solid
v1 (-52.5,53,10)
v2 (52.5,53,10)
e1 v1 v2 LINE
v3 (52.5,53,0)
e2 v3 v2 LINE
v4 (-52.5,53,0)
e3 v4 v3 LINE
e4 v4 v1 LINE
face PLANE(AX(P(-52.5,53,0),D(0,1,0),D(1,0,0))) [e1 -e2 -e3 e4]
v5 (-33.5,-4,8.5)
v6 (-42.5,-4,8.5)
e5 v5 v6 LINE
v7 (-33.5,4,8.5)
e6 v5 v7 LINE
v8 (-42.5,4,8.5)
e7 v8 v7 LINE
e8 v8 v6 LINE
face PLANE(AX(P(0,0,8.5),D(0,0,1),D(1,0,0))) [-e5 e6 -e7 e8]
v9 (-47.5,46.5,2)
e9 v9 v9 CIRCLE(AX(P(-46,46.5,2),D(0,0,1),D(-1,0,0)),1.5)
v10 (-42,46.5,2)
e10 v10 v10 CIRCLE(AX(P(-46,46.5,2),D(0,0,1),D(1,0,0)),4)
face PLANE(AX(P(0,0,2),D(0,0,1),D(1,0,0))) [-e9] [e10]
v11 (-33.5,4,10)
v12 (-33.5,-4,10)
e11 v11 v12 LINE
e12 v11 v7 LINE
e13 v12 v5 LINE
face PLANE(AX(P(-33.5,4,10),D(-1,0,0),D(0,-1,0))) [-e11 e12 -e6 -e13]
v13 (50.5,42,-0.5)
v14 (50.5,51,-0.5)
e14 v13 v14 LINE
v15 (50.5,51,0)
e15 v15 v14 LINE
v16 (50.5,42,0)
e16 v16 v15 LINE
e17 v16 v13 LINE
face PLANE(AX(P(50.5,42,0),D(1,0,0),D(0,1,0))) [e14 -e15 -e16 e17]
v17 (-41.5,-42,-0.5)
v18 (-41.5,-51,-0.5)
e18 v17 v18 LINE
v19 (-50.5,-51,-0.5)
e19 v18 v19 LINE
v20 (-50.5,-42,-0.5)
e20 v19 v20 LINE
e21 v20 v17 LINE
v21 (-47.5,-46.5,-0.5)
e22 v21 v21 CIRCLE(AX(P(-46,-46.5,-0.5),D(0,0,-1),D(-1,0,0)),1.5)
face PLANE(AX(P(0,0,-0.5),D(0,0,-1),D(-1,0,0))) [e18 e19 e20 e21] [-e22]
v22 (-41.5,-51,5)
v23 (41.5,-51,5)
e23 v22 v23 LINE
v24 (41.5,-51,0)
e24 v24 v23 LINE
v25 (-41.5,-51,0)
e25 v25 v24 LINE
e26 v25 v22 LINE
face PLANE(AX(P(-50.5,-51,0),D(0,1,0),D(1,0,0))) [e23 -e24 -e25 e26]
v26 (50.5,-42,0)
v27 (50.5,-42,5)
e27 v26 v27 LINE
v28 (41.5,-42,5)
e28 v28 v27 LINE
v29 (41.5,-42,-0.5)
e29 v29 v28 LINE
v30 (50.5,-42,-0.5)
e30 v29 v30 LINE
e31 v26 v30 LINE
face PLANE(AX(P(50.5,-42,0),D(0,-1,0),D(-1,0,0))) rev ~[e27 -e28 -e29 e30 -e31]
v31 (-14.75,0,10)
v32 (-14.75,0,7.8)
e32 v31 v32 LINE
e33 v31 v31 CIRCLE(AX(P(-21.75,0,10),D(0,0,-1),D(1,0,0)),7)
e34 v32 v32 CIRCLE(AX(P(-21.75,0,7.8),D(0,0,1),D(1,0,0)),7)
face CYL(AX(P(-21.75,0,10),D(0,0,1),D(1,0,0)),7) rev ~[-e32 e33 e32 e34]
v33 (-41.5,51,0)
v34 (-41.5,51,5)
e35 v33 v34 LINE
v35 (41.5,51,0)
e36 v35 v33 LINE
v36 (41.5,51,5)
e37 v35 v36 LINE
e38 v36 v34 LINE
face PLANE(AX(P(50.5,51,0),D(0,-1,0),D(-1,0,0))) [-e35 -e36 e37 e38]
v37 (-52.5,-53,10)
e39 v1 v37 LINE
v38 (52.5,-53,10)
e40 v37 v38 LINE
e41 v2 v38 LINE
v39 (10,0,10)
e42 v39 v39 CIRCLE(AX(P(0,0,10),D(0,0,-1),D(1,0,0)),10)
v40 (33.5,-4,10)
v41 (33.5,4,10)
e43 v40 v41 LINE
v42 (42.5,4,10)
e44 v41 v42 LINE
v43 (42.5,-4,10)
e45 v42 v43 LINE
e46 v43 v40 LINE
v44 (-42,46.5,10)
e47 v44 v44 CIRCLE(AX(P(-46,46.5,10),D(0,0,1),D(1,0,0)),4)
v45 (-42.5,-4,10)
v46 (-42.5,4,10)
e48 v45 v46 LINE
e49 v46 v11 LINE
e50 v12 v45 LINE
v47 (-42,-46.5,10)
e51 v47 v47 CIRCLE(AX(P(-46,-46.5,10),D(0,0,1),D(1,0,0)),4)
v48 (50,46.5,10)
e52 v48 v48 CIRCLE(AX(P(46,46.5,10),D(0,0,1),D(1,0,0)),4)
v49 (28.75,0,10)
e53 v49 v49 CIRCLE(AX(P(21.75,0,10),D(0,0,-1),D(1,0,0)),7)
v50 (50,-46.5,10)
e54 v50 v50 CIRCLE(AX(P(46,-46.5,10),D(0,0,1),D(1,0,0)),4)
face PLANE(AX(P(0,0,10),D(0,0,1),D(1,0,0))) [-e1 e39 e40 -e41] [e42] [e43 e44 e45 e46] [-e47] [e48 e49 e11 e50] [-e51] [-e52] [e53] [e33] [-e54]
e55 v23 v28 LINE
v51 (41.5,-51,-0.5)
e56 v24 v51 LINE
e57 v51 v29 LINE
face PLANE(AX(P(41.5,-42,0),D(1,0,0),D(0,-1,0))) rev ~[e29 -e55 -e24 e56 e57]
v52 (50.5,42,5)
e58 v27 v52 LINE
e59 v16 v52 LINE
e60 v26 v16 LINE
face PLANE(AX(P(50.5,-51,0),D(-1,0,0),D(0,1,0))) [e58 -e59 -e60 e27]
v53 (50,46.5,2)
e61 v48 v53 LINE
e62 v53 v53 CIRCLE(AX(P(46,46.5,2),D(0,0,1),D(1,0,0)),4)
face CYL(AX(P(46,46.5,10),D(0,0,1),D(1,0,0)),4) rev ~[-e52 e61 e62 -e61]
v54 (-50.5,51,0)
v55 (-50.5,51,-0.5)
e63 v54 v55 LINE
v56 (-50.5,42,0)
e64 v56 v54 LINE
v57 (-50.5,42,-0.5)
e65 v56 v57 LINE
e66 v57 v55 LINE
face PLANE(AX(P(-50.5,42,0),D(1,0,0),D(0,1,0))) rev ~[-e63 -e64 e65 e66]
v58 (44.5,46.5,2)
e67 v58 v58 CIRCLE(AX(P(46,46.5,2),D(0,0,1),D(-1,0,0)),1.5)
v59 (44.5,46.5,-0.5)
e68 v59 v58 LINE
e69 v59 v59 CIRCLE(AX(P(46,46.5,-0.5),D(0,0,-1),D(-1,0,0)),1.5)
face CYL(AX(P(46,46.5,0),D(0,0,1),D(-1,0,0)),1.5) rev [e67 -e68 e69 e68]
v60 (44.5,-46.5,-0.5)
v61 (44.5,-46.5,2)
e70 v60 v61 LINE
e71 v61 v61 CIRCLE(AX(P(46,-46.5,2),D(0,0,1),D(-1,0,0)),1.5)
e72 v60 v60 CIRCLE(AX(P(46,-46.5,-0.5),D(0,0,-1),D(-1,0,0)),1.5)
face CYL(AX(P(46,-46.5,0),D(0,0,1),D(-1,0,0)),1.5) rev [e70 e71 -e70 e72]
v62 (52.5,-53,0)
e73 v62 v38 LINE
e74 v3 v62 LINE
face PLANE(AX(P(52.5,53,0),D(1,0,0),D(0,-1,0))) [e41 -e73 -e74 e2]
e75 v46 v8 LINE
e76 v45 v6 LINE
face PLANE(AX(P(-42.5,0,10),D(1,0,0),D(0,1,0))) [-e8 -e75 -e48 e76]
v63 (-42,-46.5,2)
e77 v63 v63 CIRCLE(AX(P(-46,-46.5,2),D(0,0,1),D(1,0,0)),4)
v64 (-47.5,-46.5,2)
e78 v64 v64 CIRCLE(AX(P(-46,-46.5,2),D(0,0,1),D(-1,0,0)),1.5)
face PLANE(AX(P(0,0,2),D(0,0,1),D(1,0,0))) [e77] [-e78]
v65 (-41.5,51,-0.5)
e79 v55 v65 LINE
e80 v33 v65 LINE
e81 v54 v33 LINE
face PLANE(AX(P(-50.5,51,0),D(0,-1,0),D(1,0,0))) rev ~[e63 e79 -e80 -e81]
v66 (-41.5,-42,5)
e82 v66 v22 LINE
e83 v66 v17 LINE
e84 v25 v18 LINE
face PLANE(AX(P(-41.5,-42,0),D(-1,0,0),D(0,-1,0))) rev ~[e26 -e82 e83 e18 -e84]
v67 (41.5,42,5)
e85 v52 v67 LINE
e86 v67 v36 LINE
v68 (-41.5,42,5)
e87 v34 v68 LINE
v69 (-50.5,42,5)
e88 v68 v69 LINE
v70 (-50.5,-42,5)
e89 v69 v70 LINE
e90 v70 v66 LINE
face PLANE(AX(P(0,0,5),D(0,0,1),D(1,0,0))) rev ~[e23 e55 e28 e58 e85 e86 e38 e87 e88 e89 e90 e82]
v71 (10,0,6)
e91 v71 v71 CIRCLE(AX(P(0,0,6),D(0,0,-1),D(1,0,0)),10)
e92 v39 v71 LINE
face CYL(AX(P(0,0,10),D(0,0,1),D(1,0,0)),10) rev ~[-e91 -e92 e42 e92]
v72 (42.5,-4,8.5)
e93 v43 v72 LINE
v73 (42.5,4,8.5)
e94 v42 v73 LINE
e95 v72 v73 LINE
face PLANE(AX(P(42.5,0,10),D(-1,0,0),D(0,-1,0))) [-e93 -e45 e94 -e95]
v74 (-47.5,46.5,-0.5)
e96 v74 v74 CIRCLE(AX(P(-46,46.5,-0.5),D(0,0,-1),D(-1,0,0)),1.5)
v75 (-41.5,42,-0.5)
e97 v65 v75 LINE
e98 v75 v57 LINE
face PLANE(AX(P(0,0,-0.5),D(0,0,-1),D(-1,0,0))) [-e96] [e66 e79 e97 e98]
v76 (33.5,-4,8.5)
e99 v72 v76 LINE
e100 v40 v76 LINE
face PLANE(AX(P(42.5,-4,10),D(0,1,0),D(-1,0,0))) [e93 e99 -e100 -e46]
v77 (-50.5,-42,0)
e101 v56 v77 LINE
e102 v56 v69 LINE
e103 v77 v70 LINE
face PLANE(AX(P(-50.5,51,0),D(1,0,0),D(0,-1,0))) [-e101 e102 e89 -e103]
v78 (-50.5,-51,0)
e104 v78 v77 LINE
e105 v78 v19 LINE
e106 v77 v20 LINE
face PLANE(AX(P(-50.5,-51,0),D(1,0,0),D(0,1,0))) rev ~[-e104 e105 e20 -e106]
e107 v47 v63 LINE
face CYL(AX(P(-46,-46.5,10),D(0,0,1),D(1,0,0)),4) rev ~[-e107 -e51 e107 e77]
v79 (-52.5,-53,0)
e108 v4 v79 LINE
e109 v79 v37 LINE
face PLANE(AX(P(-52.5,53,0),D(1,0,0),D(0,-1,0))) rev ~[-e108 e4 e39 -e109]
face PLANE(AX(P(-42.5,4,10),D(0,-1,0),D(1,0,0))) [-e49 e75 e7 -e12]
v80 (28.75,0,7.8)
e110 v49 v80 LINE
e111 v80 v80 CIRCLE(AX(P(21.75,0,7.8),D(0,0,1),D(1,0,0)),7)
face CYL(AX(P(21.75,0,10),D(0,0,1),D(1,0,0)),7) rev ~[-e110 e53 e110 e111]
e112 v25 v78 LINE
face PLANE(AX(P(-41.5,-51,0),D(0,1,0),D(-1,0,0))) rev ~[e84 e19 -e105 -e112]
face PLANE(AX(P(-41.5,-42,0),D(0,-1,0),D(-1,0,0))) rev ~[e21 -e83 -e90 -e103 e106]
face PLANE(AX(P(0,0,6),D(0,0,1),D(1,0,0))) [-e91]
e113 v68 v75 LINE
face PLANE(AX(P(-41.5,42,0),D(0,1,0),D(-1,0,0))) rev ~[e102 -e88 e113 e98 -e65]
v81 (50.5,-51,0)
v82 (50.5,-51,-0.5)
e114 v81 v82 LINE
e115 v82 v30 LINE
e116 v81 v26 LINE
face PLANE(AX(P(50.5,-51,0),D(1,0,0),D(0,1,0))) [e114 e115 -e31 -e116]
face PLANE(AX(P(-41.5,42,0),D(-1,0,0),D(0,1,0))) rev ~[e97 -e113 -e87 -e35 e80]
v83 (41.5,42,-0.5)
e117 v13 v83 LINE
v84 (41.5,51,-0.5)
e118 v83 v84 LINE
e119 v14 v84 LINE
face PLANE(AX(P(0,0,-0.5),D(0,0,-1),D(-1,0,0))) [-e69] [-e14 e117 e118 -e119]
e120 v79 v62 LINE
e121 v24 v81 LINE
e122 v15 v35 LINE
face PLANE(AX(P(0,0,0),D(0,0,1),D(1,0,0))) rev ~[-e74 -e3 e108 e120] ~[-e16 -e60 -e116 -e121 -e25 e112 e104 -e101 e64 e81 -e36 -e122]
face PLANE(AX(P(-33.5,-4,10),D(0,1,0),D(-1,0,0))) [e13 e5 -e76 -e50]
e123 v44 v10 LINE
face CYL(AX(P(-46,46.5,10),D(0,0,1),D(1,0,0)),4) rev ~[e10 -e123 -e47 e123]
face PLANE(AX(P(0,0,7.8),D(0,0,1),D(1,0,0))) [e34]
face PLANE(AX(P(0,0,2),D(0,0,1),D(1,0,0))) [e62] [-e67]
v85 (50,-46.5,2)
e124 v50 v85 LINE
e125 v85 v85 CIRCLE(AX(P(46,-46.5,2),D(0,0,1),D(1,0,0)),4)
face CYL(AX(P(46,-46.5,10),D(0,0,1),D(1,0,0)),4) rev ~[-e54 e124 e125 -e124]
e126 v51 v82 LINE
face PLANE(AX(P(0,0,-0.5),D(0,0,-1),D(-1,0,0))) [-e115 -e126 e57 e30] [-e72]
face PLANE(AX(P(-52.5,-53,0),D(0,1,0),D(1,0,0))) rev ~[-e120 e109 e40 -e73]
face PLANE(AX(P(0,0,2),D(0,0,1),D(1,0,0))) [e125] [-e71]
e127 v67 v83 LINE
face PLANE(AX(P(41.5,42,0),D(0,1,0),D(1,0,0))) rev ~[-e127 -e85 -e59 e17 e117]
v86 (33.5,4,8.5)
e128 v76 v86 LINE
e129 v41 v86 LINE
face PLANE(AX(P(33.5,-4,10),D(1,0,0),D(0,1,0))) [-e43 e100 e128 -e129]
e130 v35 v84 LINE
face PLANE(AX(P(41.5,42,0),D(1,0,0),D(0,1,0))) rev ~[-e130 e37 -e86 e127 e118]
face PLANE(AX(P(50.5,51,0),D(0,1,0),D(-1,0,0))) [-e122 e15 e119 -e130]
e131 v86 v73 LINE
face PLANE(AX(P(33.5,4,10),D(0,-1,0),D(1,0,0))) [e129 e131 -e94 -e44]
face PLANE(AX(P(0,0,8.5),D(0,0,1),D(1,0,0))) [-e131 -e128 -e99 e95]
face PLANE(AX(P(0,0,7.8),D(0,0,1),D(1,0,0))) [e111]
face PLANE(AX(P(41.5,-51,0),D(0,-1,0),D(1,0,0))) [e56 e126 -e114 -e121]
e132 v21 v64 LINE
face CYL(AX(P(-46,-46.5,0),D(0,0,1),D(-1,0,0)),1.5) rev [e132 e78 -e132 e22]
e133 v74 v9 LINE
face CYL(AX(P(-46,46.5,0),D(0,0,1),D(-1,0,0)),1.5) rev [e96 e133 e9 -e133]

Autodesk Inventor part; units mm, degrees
ref_plane "YZ Plane" through (0, 0, 0) normal (1, 0, 0) x (0, 1, 0)
ref_plane "XZ Plane" through (0, 0, 0) normal (0, 1, 0) x (-1, 0, 0)
ref_plane "XY Plane" through (0, 0, 0) normal (0, 0, 1) x (1, 0, 0)
sketch "Sketch1" plane through (0, 0, 0) normal (0, 0, 1) x (1, 0, 0)
  line L0 (52.5, 53) -> (52.5, -53) projected
  line L1 (-52.5, 53) -> (52.5, 53) projected
  line L2 (52.5, 53) -> (-52.5, 53)
  line L3 (-52.5, 53) -> (-52.5, -53)
  line L4 (-52.5, -53) -> (52.5, -53)
  line L5 (52.5, -53) -> (52.5, 53)
  line L6 (50.5, -51) -> (50.5, 51) projected
  line L7 (50.5, 51) -> (-50.5, 51) projected
  line L8 (50.5, 51) -> (-50.5, 51)
  line L9 (-50.5, 51) -> (-50.5, -51)
  line L10 (-50.5, -51) -> (50.5, -51)
  line L11 (50.5, -51) -> (50.5, 51)
  point P0 (0, 0)
extrude "Extrusion1" add sketch "Sketch1" along normal blind 10
sketch "Sketch2" plane through (0, 0, 0) normal (0, 0, -1) x (-1, 0, 0)
  circle A0 centre (-46, 46.5) radius 1.5 projected
  line L0 (-50.5, 51) -> (-50.5, 42) projected
  line L1 (-41.5, 51) -> (-50.5, 51) projected
  line L2 (-41.5, 51) -> (-41.5, 42) projected
  line L3 (-41.5, 42) -> (-50.5, 42) projected
  circle A1 centre (-46, -46.5) radius 1.5 projected
  line L4 (-41.5, -42) -> (-41.5, -51) projected
  line L5 (-50.5, -51) -> (-41.5, -51) projected
  line L6 (-50.5, -42) -> (-50.5, -51) projected
  line L7 (-50.5, -42) -> (-41.5, -42) projected
  circle A2 centre (46, -46.5) radius 1.5 projected
  line L8 (50.5, -51) -> (50.5, -42) projected
  line L9 (41.5, -51) -> (50.5, -51) projected
  line L10 (41.5, -51) -> (41.5, -42) projected
  line L11 (41.5, -42) -> (50.5, -42) projected
  circle A3 centre (46, 46.5) radius 1.5 projected
  line L12 (41.5, 42) -> (41.5, 51) projected
  line L13 (50.5, 51) -> (41.5, 51) projected
  line L14 (50.5, 42) -> (50.5, 51) projected
  line L15 (50.5, 42) -> (41.5, 42) projected
  point P0 (0, 0)
extrude "Extrusion2" add sketch "Sketch2" against normal blind 10
sketch "Sketch3" plane through (0, 0, 10) normal (0, 0, 1) x (1, 0, 0)
  line L0 (43.467, -7.68) -> (39.533, -7.68) projected
  line L1 (39.533, -7.68) -> (39.533, -6.68) projected
  line L2 (39.533, -6.68) -> (43.467, -6.68) projected
  line L3 (43.467, -6.68) -> (43.467, -7.68) projected
  line L4 (41.5, 42) -> (41.5, 51) projected
  line L5 (41.5, 51) -> (-41.5, 51) projected
  line L6 (-41.5, 51) -> (-41.5, 42) projected
  line L7 (-41.5, 42) -> (-50.5, 42) projected
  line L8 (-50.5, 42) -> (-50.5, -42) projected
  line L9 (-50.5, -42) -> (-41.5, -42) projected
  line L10 (-41.5, -42) -> (-41.5, -51) projected
  line L11 (-41.5, -51) -> (41.5, -51) projected
  line L12 (41.5, -51) -> (41.5, -42) projected
  line L13 (41.5, -42) -> (50.5, -42) projected
  line L14 (50.5, -42) -> (50.5, 42) projected
  line L15 (50.5, 42) -> (41.5, 42) projected
  line L16 (43.467, -7.68) -> (39.533, -7.68) projected
  line L17 (39.533, -7.68) -> (39.533, -6.68) projected
  line L18 (39.533, -6.68) -> (43.467, -6.68) projected
  line L19 (43.467, -6.68) -> (43.467, -7.68) projected
  line L20 (41.5, 42) -> (41.5, 51) projected
  line L21 (41.5, 51) -> (-41.5, 51) projected
  line L22 (-41.5, 51) -> (-41.5, 42) projected
  line L23 (-41.5, 42) -> (-50.5, 42) projected
  line L24 (-50.5, 42) -> (-50.5, -42) projected
  line L25 (-50.5, -42) -> (-41.5, -42) projected
  line L26 (-41.5, -42) -> (-41.5, -51) projected
  line L27 (-41.5, -51) -> (41.5, -51) projected
  line L28 (41.5, -51) -> (41.5, -42) projected
  line L29 (41.5, -42) -> (50.5, -42) projected
  line L30 (50.5, -42) -> (50.5, 42) projected
  line L31 (50.5, 42) -> (41.5, 42) projected
  circle A0 centre (44.2752, 10.8885) radius 1.8923 projected
  circle A1 centre (-22.2674, 46.7091) radius 1.9651 projected
  line L32 (38.467, -7.68) -> (34.533, -7.68) projected
  line L33 (34.533, -7.68) -> (34.533, -6.68) projected
  line L34 (34.533, -6.68) -> (38.467, -6.68) projected
  line L35 (38.467, -6.68) -> (38.467, -7.68) projected
  circle A2 centre (-36.634, 10.3057) radius 1.9118 projected
  circle A3 centre (44.2752, 10.8885) radius 1.8923 projected
  circle A4 centre (-22.2674, 46.7091) radius 1.9651 projected
  line L36 (38.467, -7.68) -> (34.533, -7.68) projected
  line L37 (34.533, -7.68) -> (34.533, -6.68) projected
  line L38 (34.533, -6.68) -> (38.467, -6.68) projected
  line L39 (38.467, -6.68) -> (38.467, -7.68) projected
  circle A5 centre (-36.634, 10.3057) radius 1.9118 projected
  point P0 (0, 0)
extrude "Extrusion3" add sketch "Sketch3" against normal blind 5 contours L0 L1 L2 L3 | L15 L14 L13 L12 L11 L10 L9 L8 L7 L6 L5 L4 | A0 | A1 | L32 L33 L34 L35 | A2
sketch "Sketch4" plane through (0, 0, 10) normal (0, 0, 1) x (1, 0, 0)
  circle A0 centre (46, 46.5) radius 1.5 projected
  circle A1 centre (46, -46.5) radius 1.5 projected
  circle A2 centre (-46, -46.5) radius 1.5 projected
  circle A3 centre (-46, 46.5) radius 1.5 projected
  circle A4 centre (46, 46.5) radius 4
  circle A5 centre (46, -46.5) radius 4
  circle A6 centre (-46, -46.5) radius 4
  circle A7 centre (-46, 46.5) radius 4
  point P0 (0, 0)
  dimension "d6" = 8
  dimension "d7" = 8
  dimension "d8" = 8
  dimension "d9" = 8
extrude "Extrusion4" cut sketch "Sketch4" against normal blind 8
sketch "Sketch5" plane through (0, 0, 10) normal (0, 0, 1) x (1, 0, 0)
  line L0 (-52.5, -53) -> (52.5, -53) projected
  line L1 (52.5, -53) -> (52.5, 53) projected
  line L2 (-52.5, -53) -> (52.5, -53)
  line L3 (52.5, -53) -> (52.5, 53)
  line L4 (52.5, 53) -> (-52.5, 53)
  line L5 (-52.5, 53) -> (-52.5, -53)
  line L6 (-52.5, 53) -> (-52.5, 0)
  circle A0 centre (0, 0) radius 10
  line L7 (-52.5, 0) -> (-42.5, 0)
  line L8 (-42.5, 0) -> (-42.5, 4)
  line L9 (-42.5, 4) -> (-33.5, 4)
  line L10 (-33.5, 4) -> (-33.5, -4)
  line L11 (-33.5, -4) -> (-42.5, -4)
  line L12 (-42.5, -4) -> (-42.5, 0)
  line L13 (-33.5, 0) -> (-10, 0)
  line L14 (-10, 0) -> (-21.75, 0)
  circle A1 centre (-21.75, 0) radius 7
  line L15 (0, 0) -> (21.75, 0)
  line L16 (42.5, 0) -> (42.5, -4)
  line L17 (42.5, -4) -> (33.5, -4)
  line L18 (33.5, -4) -> (33.5, 4)
  line L19 (33.5, 4) -> (42.5, 4)
  line L20 (42.5, 4) -> (42.5, 0)
  circle A2 centre (21.75, 0) radius 7
  point P0 (33.5, 0)
  dimension "d12" = 20
  dimension "d14" = 10
  dimension "d15" = 4
  dimension "d16" = 9
  dimension "d17" = 8
  dimension "d18" = 14
  dimension "d19" = 21.75
  dimension "d20" = 4
  dimension "d21" = 9
  dimension "d22" = 8
  dimension "d23" = 14
extrude "Extrusion5" cut sketch "Sketch5" against normal blind 4 contours A0
extrude "Extrusion6" cut sketch "Sketch5" against normal blind 2.2 contours A2 | A1 L13 | L13 A1
extrude "Extrusion7" cut sketch "Sketch5" against normal blind 1.5 contours L8 L9 L10 L11 L12 | L16 L17 L18 L19 L20
sketch "Sketch6" plane through (0, 0, 0) normal (0, 0, -1) x (-1, 0, 0)
  line L0 (-41.5, 42) -> (-41.5, 51) projected
  line L1 (-50.5, 42) -> (-41.5, 42) projected
  line L2 (-50.5, -42) -> (-50.5, 42) projected
  line L3 (-41.5, -42) -> (-50.5, -42) projected
  line L4 (-41.5, -51) -> (-41.5, -42) projected
  line L5 (41.5, -51) -> (-41.5, -51) projected
  line L6 (41.5, -42) -> (41.5, -51) projected
  line L7 (50.5, -42) -> (41.5, -42) projected
  line L8 (50.5, 42) -> (50.5, -42) projected
  line L9 (41.5, 42) -> (50.5, 42) projected
  line L10 (41.5, 51) -> (41.5, 42) projected
  line L11 (-41.5, 51) -> (41.5, 51) projected
  circle A0 centre (-46, 46.5) radius 1.5 projected
  circle A1 centre (-46, -46.5) radius 1.5 projected
  circle A2 centre (46, -46.5) radius 1.5 projected
  circle A3 centre (46, 46.5) radius 1.5 projected
  line L12 (-52.5, -53) -> (-52.5, 53) projected
  line L13 (52.5, -53) -> (-52.5, -53) projected
  line L14 (52.5, 53) -> (52.5, -53) projected
  line L15 (-52.5, 53) -> (52.5, 53) projected
  line L16 (-50.5, 42) -> (-50.5, -42) projected
  line L17 (-50.5, 42) -> (-41.5, 42) projected
  line L18 (-41.5, 42) -> (-41.5, 51) projected
  line L19 (41.5, 51) -> (-41.5, 51) projected
  line L20 (41.5, 51) -> (41.5, 42) projected
  line L21 (41.5, 42) -> (50.5, 42) projected
  line L22 (50.5, -42) -> (50.5, 42) projected
  line L23 (50.5, -42) -> (41.5, -42) projected
  line L24 (41.5, -42) -> (41.5, -51) projected
  line L25 (-41.5, -51) -> (41.5, -51) projected
  line L26 (-41.5, -51) -> (-41.5, -42) projected
  line L27 (-41.5, -42) -> (-50.5, -42) projected
  line L28 (41.5, -51) -> (50.5, -51)
  line L29 (50.5, -51) -> (50.5, -42)
  line L30 (-41.5, -51) -> (-50.5, -51)
  line L31 (-50.5, -51) -> (-50.5, -42)
  line L32 (-50.5, 42) -> (-50.5, 51)
  line L33 (-50.5, 51) -> (-41.5, 51)
  line L34 (50.5, 42) -> (50.5, 51)
  line L35 (50.5, 51) -> (41.5, 51)
  point P0 (0, 0)
extrude "Extrusion8" add sketch "Sketch6" along normal blind 0.5 contours L1 L32 L33 L0 | L35 L34 L9 L10 | L3 L4 L30 L31 | L29 L28 L6 L7
properties part number "parte superior"
